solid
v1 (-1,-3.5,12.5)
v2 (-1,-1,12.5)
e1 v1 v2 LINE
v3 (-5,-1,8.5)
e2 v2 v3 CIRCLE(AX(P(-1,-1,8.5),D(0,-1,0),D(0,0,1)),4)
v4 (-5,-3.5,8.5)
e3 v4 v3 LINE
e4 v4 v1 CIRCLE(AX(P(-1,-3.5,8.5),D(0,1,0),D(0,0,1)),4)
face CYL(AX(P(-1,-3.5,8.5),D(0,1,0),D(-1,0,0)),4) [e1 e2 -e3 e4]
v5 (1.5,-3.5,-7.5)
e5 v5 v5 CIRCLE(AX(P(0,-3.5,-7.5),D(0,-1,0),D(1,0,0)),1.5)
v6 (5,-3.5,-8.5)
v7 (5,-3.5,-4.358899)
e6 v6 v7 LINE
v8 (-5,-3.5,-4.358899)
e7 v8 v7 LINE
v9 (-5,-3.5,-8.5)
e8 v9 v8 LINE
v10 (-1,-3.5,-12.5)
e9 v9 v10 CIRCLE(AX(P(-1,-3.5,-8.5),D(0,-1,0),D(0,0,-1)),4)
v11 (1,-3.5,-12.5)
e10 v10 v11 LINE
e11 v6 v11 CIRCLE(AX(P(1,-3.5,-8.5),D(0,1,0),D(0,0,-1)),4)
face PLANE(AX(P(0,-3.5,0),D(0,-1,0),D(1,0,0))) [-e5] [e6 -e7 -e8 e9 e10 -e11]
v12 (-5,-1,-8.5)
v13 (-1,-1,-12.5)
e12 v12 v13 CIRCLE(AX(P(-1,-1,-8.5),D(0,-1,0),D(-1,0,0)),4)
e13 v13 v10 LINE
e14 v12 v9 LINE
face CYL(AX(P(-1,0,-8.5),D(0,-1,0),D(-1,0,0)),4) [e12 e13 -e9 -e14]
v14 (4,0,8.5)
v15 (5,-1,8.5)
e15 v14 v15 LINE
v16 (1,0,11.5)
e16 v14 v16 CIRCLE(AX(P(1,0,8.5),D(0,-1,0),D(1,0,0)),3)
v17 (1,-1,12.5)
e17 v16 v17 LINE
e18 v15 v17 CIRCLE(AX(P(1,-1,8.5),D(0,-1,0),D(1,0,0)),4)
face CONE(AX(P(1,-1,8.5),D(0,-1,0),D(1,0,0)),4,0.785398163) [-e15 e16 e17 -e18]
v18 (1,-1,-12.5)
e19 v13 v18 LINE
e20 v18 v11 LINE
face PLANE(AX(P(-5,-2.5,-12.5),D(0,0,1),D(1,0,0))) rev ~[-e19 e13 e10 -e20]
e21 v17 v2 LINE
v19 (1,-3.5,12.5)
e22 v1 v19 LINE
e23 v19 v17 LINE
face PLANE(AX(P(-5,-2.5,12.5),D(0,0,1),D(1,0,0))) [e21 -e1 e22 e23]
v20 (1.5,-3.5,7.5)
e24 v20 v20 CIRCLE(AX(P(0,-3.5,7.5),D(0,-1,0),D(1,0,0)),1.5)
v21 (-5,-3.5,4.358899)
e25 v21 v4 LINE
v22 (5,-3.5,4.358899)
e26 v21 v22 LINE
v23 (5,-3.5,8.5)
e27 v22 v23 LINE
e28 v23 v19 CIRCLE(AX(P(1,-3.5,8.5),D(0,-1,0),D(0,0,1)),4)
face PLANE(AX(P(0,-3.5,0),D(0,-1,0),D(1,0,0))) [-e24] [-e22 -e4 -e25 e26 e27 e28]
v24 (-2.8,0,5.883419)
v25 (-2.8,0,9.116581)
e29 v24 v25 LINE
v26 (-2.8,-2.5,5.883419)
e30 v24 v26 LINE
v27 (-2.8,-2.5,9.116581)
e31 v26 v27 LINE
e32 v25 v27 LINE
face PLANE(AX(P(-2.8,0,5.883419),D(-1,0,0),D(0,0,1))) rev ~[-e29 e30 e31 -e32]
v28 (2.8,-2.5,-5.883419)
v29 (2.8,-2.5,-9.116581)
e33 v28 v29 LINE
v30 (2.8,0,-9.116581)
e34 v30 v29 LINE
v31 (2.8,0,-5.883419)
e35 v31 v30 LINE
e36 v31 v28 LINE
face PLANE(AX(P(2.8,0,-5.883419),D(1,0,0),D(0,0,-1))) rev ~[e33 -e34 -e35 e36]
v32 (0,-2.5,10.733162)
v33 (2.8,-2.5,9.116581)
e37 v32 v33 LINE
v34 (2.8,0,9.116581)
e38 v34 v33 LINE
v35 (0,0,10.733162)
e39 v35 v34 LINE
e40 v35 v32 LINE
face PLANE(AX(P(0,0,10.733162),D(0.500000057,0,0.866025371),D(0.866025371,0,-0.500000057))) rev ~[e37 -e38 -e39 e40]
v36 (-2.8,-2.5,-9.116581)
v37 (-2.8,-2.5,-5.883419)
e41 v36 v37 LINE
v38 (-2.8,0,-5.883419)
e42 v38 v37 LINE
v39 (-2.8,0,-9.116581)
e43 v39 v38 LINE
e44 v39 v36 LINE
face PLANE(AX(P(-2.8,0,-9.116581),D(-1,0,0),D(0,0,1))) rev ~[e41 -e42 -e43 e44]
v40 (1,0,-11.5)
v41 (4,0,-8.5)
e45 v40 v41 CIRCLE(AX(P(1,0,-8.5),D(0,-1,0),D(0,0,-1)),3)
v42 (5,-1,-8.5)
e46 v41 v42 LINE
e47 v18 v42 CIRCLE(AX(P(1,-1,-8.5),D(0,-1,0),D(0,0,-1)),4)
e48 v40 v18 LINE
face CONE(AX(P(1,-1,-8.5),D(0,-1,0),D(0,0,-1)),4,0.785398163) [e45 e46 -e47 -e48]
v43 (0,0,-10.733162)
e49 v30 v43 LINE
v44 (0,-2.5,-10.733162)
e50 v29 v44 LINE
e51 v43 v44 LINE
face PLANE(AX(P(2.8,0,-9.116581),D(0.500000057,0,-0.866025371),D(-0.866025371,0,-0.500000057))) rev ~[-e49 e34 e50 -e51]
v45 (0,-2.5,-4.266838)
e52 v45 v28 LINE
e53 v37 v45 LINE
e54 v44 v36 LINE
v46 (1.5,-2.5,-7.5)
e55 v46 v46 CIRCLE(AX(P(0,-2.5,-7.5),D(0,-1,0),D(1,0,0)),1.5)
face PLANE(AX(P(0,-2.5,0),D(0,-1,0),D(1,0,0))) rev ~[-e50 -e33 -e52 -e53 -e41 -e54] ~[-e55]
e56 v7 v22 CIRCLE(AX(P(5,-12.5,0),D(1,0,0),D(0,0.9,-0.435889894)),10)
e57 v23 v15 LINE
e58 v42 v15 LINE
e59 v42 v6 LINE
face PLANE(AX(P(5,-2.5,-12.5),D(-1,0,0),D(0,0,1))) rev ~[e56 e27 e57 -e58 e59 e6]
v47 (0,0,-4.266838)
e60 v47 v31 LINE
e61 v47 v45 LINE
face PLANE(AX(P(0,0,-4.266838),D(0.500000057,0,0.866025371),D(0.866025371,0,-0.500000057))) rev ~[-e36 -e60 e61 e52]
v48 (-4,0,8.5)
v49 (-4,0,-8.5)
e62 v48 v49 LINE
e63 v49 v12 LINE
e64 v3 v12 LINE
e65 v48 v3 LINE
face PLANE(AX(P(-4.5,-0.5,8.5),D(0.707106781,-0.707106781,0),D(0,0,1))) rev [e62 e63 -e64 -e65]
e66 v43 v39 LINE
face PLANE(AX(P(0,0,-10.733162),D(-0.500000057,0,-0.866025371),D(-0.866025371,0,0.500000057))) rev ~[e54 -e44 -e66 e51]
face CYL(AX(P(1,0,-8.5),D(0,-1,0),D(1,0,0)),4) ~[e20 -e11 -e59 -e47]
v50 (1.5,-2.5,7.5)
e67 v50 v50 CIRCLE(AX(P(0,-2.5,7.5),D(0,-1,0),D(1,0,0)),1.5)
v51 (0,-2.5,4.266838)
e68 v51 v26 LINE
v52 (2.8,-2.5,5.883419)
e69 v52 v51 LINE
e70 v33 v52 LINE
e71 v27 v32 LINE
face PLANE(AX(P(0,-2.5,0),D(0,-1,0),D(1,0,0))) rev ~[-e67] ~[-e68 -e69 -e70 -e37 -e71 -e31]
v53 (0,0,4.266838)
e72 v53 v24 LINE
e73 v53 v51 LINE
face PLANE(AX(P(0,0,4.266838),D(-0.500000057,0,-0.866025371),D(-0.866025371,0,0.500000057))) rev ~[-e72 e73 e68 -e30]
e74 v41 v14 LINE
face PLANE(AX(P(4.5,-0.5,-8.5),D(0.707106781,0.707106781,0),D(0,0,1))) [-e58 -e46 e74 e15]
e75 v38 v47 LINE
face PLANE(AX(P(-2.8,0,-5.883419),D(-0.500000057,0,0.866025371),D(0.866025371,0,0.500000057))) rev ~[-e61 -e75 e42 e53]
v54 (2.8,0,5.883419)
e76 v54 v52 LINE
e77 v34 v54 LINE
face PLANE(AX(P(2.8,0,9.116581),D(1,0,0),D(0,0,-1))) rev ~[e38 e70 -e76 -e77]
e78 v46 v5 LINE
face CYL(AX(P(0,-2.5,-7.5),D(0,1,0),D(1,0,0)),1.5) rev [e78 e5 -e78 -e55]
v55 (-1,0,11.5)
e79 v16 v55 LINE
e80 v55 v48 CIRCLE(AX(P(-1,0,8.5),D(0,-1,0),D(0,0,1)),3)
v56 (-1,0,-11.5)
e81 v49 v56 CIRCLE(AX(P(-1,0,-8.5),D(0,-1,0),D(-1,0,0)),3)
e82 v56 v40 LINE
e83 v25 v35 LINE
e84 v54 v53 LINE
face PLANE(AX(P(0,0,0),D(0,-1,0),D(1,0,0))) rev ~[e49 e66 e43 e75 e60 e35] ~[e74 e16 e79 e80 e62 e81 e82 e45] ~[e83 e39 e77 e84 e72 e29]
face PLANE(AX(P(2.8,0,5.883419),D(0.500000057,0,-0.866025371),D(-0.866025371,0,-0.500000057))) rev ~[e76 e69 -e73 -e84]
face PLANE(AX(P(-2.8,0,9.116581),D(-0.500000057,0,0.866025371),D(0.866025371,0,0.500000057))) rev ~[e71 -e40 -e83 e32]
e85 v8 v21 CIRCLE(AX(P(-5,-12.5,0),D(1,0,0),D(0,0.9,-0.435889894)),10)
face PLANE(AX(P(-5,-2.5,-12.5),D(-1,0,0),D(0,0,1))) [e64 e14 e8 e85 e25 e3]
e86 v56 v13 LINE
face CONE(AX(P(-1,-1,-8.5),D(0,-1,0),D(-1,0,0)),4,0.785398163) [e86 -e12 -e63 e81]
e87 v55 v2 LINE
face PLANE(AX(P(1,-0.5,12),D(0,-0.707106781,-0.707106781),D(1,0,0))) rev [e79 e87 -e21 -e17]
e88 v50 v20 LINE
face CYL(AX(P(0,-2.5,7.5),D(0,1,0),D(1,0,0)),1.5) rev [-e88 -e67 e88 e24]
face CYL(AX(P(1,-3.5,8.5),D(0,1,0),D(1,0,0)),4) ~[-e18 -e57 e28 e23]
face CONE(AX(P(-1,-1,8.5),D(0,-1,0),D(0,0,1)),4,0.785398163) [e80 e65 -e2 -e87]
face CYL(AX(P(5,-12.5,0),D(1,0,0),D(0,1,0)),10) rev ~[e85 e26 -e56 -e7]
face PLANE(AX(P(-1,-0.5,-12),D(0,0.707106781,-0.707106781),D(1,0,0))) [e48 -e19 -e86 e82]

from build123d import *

# Parameters (mm, degrees)
F0_W     = 10
F0_H     = 25
F1_DEPTH = 2.5
F2_W     = 10
F2_H     = 25
F2_R     = 1.5
F3_DEPTH = 1
F4_R     = 10
F5_DEPTH = 25
F6_R     = 4
F7_SIZE  = 1


with BuildPart() as f1:
    # F0 (on Front) → F1 (new body)
    with BuildSketch(Plane.XZ):
        Rectangle(F0_W, F0_H)
        Polygon((0, -4.266838), (2.8, -5.883419), (2.8, -9.116581), (0, -10.733162), (-2.8, -9.116581), (-2.8, -5.883419), align=None, mode=Mode.SUBTRACT)
        Polygon((2.8, 5.883419), (0, 4.266838), (-2.8, 5.883419), (-2.8, 9.116581), (0, 10.733162), (2.8, 9.116581), align=None, mode=Mode.SUBTRACT)
    extrude(amount=F1_DEPTH)

    # F2 (on face) → F3 (join)
    with BuildSketch(Plane.XZ.offset(2.5)):
        Rectangle(F2_W, F2_H)
        Polygon((-2.8, -5.883419), (0, -4.266838), (2.8, -5.883419), (2.8, -9.116581), (0, -10.733162), (-2.8, -9.116581), align=None, mode=Mode.SUBTRACT)
        Polygon((-2.8, 9.116581), (0, 10.733162), (2.8, 9.116581), (2.8, 5.883419), (0, 4.266838), (-2.8, 5.883419), align=None, mode=Mode.SUBTRACT)
        Polygon((2.8, 9.116581), (0, 10.733162), (-2.8, 9.116581), (-2.8, 5.883419), (0, 4.266838), (2.8, 5.883419), align=None)
        with Locations((0, 7.5)):
            Circle(F2_R, mode=Mode.SUBTRACT)
        Polygon((2.8, -5.883419), (0, -4.266838), (-2.8, -5.883419), (-2.8, -9.116581), (0, -10.733162), (2.8, -9.116581), align=None)
        with Locations((0, -7.5)):
            Circle(F2_R, mode=Mode.SUBTRACT)
    extrude(amount=F3_DEPTH)

    # F4 (on face) → F5 (cut)
    with BuildSketch(Plane.YZ.offset(5)):
        with Locations((-12.5, 0)):
            Circle(F4_R)
    extrude(amount=-F5_DEPTH, mode=Mode.SUBTRACT)

    # F6
    f6_edges = [f1.edges().sort_by_distance(p)[0] for p in [
        (5, -1.75, 12.5),
        (-5, -1.75, 12.5),
        (-5, -1.75, -12.5),
        (5, -1.75, -12.5),
    ]]
    fillet(f6_edges, radius=F6_R)

    # F7
    f7_edges = [f1.edges().sort_by_distance(p)[0] for p in [
        (5, 0, 0),
    ]]
    chamfer(f7_edges, length=F7_SIZE)


solid = f1.part
